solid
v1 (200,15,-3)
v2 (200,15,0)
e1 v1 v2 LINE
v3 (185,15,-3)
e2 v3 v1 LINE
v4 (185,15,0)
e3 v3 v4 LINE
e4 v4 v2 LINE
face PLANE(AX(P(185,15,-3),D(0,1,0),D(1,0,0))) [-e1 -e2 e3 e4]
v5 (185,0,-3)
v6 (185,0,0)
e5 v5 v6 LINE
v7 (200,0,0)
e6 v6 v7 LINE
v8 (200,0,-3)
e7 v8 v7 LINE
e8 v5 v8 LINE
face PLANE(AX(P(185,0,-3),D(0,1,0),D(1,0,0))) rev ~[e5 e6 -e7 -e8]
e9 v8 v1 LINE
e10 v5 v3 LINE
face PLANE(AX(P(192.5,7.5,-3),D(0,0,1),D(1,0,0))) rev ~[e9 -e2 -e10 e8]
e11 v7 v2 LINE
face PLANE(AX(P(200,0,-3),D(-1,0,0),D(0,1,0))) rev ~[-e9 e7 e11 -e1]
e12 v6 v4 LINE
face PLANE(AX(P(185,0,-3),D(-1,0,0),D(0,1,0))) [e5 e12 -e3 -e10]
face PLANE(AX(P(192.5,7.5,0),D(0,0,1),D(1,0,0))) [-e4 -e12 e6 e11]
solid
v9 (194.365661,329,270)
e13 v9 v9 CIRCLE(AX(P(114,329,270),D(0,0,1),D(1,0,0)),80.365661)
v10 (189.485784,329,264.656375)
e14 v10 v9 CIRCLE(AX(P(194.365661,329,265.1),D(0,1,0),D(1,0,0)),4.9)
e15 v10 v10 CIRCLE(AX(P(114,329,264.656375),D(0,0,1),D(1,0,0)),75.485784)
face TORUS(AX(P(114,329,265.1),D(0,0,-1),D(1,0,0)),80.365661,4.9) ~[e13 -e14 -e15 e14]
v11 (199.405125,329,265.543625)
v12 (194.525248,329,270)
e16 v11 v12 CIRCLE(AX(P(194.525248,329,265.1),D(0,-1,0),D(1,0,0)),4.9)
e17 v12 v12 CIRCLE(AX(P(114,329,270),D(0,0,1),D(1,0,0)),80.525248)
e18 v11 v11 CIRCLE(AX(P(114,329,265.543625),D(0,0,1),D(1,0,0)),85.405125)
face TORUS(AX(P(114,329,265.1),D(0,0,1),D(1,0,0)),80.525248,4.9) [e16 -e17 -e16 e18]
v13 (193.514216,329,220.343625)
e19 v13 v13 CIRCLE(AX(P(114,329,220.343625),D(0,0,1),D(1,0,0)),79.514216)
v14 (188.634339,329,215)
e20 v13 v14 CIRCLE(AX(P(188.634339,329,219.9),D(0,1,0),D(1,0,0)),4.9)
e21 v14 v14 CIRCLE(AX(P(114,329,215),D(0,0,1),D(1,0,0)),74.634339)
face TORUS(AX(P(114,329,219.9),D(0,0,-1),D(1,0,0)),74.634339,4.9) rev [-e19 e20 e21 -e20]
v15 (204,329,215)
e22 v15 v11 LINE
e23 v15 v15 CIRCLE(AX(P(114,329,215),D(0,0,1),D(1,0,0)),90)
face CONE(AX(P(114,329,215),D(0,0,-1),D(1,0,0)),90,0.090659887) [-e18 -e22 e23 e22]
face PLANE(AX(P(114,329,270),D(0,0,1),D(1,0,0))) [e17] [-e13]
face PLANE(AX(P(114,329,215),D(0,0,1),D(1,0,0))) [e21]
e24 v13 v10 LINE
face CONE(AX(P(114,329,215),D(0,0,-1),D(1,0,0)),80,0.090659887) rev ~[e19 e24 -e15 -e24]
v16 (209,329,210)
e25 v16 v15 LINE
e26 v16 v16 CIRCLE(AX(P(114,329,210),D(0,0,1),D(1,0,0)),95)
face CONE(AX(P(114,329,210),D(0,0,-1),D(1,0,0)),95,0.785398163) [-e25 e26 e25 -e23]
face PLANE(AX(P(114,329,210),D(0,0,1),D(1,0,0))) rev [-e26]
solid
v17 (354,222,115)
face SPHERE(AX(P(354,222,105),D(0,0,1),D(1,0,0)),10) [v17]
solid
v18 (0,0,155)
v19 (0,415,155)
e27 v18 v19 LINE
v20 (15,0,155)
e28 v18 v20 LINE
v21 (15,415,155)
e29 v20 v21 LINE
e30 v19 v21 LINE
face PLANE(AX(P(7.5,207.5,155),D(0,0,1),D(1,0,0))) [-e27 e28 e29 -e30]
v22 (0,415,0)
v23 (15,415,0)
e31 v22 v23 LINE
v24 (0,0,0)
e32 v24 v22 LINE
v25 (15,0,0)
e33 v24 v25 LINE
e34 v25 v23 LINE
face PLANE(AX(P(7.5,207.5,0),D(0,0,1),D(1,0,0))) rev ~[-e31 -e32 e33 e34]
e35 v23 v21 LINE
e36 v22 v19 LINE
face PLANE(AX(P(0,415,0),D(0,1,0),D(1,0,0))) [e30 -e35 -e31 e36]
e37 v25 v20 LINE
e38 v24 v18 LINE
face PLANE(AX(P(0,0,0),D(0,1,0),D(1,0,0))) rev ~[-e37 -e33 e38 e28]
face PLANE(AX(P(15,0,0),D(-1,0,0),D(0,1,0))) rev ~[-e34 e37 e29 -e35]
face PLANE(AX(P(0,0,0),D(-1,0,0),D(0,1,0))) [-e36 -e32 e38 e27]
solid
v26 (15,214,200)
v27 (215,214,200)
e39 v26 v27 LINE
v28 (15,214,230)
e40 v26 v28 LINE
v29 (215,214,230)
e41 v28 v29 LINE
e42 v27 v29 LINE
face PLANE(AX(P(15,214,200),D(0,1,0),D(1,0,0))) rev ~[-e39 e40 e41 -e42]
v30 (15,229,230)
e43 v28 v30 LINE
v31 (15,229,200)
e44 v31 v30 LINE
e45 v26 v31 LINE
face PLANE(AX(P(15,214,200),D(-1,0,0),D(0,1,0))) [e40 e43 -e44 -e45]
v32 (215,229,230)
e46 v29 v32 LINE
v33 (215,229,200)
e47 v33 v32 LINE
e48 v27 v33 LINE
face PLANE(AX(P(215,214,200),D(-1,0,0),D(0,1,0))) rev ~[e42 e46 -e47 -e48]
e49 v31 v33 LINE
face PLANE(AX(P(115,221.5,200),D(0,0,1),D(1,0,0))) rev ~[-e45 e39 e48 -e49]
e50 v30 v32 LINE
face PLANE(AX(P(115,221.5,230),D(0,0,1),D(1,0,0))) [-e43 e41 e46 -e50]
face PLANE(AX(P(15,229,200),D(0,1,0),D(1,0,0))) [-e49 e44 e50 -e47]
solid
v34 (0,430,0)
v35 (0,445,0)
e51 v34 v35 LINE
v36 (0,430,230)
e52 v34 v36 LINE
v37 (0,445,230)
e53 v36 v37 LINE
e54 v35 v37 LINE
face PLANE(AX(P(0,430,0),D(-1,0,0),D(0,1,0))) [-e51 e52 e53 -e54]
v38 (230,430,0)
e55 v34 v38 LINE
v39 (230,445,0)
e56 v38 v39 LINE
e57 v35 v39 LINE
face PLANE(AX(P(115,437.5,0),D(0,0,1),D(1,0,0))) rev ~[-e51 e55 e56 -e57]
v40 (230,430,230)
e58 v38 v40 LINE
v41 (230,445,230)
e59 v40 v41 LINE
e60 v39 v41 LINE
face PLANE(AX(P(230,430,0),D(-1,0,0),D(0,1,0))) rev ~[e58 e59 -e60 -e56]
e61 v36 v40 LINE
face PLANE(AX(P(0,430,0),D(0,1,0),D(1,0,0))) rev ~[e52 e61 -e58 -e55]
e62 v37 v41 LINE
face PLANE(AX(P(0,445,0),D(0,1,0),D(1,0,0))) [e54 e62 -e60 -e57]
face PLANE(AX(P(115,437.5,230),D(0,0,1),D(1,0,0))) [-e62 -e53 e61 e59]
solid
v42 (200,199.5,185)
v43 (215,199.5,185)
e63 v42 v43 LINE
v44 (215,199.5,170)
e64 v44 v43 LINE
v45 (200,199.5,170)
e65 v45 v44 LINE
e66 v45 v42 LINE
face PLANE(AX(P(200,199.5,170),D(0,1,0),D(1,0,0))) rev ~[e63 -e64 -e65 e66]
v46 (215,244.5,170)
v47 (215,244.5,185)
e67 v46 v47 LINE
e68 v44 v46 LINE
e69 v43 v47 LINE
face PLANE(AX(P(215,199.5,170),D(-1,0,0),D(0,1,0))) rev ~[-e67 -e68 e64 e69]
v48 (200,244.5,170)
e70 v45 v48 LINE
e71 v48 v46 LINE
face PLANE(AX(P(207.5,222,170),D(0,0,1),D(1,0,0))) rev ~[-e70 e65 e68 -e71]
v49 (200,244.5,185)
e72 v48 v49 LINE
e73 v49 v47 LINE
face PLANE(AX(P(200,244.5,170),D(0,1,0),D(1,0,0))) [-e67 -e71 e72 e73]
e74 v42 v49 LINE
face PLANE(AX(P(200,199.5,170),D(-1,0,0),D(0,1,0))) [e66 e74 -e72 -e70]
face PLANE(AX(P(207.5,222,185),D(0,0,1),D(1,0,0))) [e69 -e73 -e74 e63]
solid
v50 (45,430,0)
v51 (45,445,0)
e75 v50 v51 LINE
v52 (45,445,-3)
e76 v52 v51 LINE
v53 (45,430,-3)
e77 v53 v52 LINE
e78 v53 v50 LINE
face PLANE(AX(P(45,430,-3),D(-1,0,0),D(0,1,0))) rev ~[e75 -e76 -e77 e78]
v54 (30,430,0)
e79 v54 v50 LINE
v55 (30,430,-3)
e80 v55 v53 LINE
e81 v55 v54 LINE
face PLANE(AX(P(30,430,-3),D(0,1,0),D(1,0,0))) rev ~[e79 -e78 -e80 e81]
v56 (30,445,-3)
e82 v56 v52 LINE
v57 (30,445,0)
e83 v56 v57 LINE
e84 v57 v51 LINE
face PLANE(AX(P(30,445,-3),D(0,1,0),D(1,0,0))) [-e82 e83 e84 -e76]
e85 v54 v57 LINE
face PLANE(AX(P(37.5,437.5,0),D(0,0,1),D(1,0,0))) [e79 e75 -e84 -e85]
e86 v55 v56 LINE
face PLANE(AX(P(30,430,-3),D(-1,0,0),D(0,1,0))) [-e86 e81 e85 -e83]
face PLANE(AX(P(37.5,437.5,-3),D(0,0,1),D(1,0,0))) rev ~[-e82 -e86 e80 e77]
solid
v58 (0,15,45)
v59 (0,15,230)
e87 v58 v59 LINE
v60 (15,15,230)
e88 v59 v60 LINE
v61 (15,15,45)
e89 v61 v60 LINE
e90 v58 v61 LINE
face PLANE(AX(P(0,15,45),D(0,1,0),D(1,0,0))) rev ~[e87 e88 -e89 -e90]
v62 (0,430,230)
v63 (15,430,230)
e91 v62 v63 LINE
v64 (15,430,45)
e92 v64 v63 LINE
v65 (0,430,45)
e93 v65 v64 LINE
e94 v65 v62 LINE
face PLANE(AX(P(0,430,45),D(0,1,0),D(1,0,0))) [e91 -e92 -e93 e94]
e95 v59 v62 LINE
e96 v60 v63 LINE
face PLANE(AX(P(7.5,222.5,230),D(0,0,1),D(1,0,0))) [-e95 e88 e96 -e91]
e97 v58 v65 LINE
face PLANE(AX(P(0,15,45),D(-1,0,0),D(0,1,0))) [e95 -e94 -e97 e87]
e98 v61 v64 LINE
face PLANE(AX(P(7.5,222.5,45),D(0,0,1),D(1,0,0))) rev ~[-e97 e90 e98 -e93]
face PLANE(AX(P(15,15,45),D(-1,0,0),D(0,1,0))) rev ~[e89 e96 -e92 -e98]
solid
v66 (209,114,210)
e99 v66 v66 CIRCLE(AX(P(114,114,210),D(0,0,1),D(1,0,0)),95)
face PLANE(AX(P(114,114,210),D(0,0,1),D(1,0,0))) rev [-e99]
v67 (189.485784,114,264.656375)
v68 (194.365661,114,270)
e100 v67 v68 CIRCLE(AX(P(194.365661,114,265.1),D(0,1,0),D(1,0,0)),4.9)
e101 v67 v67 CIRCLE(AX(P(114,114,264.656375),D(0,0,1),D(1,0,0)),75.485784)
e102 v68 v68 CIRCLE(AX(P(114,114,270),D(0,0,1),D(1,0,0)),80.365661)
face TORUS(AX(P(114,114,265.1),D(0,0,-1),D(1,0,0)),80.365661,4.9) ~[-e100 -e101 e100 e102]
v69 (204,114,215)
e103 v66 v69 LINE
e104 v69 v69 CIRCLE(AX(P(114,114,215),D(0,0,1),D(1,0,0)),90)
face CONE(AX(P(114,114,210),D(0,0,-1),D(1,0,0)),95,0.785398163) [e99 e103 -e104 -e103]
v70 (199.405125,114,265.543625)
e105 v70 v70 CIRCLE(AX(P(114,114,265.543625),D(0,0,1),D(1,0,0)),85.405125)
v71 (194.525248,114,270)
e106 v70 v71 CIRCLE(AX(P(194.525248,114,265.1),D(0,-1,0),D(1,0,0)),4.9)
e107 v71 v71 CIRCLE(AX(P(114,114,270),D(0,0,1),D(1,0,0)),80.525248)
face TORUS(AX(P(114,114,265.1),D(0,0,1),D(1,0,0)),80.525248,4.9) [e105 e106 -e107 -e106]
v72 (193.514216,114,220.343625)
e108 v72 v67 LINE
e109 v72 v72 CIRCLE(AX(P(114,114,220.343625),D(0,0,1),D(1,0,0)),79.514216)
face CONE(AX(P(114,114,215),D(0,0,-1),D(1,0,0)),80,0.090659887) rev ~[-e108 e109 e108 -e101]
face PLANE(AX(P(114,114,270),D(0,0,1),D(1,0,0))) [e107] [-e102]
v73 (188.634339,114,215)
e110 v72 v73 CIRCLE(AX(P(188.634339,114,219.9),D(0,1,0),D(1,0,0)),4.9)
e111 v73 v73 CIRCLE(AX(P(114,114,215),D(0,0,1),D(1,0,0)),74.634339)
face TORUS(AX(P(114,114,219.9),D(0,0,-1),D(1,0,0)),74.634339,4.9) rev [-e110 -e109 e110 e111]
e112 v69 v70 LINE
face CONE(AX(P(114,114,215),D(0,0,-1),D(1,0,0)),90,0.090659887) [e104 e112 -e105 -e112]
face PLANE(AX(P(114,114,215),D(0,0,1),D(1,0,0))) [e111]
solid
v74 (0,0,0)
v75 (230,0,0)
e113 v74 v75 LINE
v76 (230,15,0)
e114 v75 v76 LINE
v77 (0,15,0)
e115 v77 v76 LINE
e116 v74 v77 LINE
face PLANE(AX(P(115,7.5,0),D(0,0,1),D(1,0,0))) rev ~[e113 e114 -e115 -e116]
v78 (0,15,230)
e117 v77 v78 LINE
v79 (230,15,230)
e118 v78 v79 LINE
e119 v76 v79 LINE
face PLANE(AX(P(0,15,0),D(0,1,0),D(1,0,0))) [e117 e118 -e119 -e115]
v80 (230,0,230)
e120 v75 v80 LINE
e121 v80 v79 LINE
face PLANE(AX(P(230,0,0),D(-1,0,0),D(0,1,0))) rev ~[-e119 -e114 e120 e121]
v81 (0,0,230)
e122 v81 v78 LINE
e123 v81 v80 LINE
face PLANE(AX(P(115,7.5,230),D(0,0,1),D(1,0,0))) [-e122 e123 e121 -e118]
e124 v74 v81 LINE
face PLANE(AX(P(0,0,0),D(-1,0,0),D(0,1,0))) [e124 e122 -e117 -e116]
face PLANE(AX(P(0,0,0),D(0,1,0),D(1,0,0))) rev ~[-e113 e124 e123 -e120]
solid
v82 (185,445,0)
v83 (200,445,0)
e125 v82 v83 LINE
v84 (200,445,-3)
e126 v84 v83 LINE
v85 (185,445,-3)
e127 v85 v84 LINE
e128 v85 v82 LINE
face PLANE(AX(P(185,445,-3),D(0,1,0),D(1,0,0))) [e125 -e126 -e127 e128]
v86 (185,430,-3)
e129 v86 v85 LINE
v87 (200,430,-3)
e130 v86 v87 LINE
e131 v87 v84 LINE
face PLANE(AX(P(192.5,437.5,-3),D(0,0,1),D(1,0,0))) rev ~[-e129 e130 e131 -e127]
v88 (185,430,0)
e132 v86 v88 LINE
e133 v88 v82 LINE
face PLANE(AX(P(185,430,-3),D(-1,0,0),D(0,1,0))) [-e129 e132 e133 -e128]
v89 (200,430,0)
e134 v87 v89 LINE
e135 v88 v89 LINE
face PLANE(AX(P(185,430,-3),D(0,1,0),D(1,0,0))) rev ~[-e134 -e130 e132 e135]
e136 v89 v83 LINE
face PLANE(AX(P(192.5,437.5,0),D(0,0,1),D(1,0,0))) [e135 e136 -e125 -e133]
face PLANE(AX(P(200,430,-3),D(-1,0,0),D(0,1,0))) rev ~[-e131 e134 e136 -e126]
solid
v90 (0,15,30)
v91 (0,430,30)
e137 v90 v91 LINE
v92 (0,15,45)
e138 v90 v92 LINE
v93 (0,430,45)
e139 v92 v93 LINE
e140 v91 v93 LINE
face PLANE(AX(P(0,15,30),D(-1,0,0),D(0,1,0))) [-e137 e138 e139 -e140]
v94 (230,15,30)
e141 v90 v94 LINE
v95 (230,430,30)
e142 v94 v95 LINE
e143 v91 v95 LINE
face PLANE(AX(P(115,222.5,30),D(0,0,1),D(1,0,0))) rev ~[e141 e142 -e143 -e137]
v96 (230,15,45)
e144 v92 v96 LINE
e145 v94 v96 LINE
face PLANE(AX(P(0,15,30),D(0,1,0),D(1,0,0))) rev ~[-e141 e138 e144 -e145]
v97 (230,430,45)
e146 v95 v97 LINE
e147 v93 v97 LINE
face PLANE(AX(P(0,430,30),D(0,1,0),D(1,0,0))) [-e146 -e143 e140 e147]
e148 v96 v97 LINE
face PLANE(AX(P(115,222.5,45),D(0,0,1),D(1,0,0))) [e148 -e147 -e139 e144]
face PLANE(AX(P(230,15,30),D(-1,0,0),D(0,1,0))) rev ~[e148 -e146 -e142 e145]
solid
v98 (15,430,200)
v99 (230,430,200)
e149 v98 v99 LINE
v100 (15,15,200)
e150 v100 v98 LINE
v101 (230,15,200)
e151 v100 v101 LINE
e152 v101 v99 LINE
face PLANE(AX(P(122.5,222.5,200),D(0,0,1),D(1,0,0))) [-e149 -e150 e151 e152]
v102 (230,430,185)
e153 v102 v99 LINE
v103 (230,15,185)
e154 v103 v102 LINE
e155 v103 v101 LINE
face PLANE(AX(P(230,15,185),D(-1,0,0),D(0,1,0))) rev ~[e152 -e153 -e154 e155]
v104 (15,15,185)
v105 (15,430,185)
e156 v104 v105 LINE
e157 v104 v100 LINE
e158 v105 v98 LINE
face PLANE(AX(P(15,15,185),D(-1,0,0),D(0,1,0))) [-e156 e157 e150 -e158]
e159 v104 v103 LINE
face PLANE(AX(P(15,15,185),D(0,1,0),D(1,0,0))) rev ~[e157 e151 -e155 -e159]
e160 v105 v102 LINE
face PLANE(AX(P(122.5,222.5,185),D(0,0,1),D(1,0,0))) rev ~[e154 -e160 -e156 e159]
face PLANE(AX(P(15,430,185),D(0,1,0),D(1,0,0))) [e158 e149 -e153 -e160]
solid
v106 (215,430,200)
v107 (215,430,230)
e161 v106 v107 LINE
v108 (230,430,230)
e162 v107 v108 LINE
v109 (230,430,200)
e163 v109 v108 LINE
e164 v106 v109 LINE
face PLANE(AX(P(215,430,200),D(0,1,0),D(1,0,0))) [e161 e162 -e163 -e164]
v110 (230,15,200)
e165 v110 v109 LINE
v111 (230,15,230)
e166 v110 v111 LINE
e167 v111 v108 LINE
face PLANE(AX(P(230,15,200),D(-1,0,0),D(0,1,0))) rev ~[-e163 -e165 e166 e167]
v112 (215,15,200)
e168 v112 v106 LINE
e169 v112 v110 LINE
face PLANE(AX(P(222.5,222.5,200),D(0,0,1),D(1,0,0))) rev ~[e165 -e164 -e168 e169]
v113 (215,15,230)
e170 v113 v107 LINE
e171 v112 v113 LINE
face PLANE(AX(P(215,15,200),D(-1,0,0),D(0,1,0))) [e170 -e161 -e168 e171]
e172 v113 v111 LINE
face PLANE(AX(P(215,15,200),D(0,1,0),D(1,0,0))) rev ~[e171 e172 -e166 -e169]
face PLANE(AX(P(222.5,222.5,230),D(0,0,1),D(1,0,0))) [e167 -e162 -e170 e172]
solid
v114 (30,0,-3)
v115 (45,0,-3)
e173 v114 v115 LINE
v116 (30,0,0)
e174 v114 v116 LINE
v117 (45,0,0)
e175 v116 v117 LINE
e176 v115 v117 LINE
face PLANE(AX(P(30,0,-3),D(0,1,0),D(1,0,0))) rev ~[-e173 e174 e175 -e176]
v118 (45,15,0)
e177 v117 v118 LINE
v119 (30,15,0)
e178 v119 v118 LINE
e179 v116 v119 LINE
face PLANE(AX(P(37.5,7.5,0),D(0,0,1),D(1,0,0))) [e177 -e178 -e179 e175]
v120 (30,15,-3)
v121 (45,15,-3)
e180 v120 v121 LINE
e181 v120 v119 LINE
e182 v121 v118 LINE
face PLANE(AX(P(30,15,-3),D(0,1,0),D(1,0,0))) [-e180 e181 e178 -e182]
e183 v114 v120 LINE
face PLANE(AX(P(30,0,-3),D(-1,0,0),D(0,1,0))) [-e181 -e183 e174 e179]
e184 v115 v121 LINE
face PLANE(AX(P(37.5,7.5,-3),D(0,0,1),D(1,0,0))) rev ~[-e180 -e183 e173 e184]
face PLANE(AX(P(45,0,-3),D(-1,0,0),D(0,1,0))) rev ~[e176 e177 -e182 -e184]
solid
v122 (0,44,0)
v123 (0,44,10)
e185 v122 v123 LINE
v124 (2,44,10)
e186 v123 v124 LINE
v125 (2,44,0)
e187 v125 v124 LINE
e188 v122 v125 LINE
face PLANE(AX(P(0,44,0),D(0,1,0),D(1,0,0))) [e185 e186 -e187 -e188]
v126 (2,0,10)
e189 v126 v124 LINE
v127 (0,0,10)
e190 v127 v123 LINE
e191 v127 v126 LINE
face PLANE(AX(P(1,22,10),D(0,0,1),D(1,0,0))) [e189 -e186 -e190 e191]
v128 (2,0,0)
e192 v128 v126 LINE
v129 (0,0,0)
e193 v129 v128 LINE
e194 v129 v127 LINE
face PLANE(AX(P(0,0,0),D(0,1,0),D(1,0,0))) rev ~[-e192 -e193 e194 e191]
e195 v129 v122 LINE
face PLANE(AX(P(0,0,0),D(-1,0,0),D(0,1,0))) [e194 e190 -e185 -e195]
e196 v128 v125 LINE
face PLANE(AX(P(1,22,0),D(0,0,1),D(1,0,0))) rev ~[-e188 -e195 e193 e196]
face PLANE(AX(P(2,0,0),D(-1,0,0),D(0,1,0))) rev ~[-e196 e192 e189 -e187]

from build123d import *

# Parameters (mm, degrees)
BOX_W              = 230
BOX_H              = 15
BOX_DEPTH          = 230
BOX001_W           = 215
BOX001_H           = 415
BOX001_DEPTH       = 15
BOX002_W           = 230
BOX002_H           = 15
BOX002_DEPTH       = 230
BOX003_W           = 200
BOX003_H           = 15
BOX003_DEPTH       = 30
BOX005_W           = 15
BOX005_H           = 415
BOX005_DEPTH       = 30
BOX006_W           = 15
BOX006_H           = 415
BOX006_DEPTH       = 185
BOX007_W           = 230
BOX007_H           = 415
BOX007_DEPTH       = 15
BOX008_W           = 15
BOX008_H           = 415
BOX008_DEPTH       = 155
BOX008_PITCH_ANGLE = 60
BOX010_W           = 15
BOX010_H           = 45
BOX010_DEPTH       = 15
BOX011_W           = 2
BOX011_H           = 44
BOX011_DEPTH       = 10
BOX011_PITCH_ANGLE = 60
FILLET_R           = 4.9
FILLET002_R        = 4.9
FILLET001_R        = 4.9
FILLET003_R        = 4.9
BOX012_W           = 15
BOX012_H           = 15
BOX012_DEPTH       = 3
BOX013_W           = 15
BOX013_H           = 15
BOX013_DEPTH       = 3
BOX014_W           = 15
BOX014_H           = 15
BOX014_DEPTH       = 3
BOX015_W           = 15
BOX015_H           = 15
BOX015_DEPTH       = 3


with BuildPart() as suportelateralverticalesquerdo:
    # Box → Box (new body)
    with BuildSketch(Plane.XY):
        with Locations((115, 7.5)):
            Rectangle(BOX_W, BOX_H)
    extrude(amount=BOX_DEPTH)


with BuildPart() as tamposuperiorhorizontal:
    # Box001 → Box001 (new body)
    with BuildSketch(Plane(origin=(15, 15, 185), x_dir=(1, 0, 0), z_dir=(0, 0, 1))):
        with Locations((107.5, 207.5)):
            Rectangle(BOX001_W, BOX001_H)
    extrude(amount=BOX001_DEPTH)


with BuildPart() as suportelateralverticaldireito:
    # Box002 → Box002 (new body)
    with BuildSketch(Plane(origin=(0, 430, 0), x_dir=(1, 0, 0), z_dir=(0, 0, 1))):
        with Locations((115, 7.5)):
            Rectangle(BOX002_W, BOX002_H)
    extrude(amount=BOX002_DEPTH)


with BuildPart() as suporteverticalmeio:
    # Box003 → Box003 (new body)
    with BuildSketch(Plane(origin=(15, 214, 200), x_dir=(1, 0, 0), z_dir=(0, 0, 1))):
        with Locations((100, 7.5)):
            Rectangle(BOX003_W, BOX003_H)
    extrude(amount=BOX003_DEPTH)


with BuildPart() as suportefrentesuperiorvertical:
    # Box005 → Box005 (new body)
    with BuildSketch(Plane(origin=(215, 15, 200), x_dir=(1, 0, 0), z_dir=(0, 0, 1))):
        with Locations((7.5, 207.5)):
            Rectangle(BOX005_W, BOX005_H)
    extrude(amount=BOX005_DEPTH)


with BuildPart() as suportefundoinferiorvertical:
    # Box006 → Box006 (new body)
    with BuildSketch(Plane(origin=(0, 15, 45), x_dir=(1, 0, 0), z_dir=(0, 0, 1))):
        with Locations((7.5, 207.5)):
            Rectangle(BOX006_W, BOX006_H)
    extrude(amount=BOX006_DEPTH)


with BuildPart() as tampoinferiorhorizontal:
    # Box007 → Box007 (new body)
    with BuildSketch(Plane(origin=(0, 15, 30), x_dir=(1, 0, 0), z_dir=(0, 0, 1))):
        with Locations((115, 207.5)):
            Rectangle(BOX007_W, BOX007_H)
    extrude(amount=BOX007_DEPTH)


with BuildPart() as tampabasculante:
    # Box008 → Box008 (new body)
    with BuildSketch(Plane.XY):
        with Locations((7.5, 207.5)):
            Rectangle(BOX008_W, BOX008_H)
    extrude(amount=BOX008_DEPTH)


with BuildPart() as tampabasculante_1:
    # Box008 pitch: moved
    add(tampabasculante.part.rotate(Axis((0, 0, 0), (0, 1, 0)), BOX008_PITCH_ANGLE))


with BuildPart() as tampabasculante_2:
    # Box008 placement: moved
    add(tampabasculante_1.part.moved(Location((222.5, 15, 58))))


with BuildPart() as imadamesa_superiorhorizontal:
    # Box010 → Box010 (new body)
    with BuildSketch(Plane(origin=(200, 199.5, 170), x_dir=(1, 0, 0), z_dir=(0, 0, 1))):
        with Locations((7.5, 22.5)):
            Rectangle(BOX010_W, BOX010_H)
    extrude(amount=BOX010_DEPTH)


with BuildPart() as chapadoima:
    # Box011 → Box011 (new body)
    with BuildSketch(Plane.XY):
        with Locations((1, 22)):
            Rectangle(BOX011_W, BOX011_H)
    extrude(amount=BOX011_DEPTH)


with BuildPart() as chapadoima_1:
    # Box011 pitch: moved
    add(chapadoima.part.rotate(Axis((0, 0, 0), (0, 1, 0)), BOX011_PITCH_ANGLE))


with BuildPart() as chapadoima_2:
    # Box011 placement: moved
    add(chapadoima_1.part.moved(Location((347, 199.5, 132))))


with BuildPart() as puxador:
    # Sphere → Sphere (revolve)
    with BuildSketch(Plane(origin=(354, 222, 105), x_dir=(1, 0, 0), z_dir=(0, -1, 0))):
        with BuildLine():
            ThreePointArc((0, -10), (10, 0), (0, 10))
            Line((0, 10), (0, -10))
        make_face()
    revolve(axis=Axis((354, 222, 105), (0, 0, 1)))


with BuildPart() as cone002:
    # Cone002 → Cone002 (revolve)
    with BuildSketch(Plane(origin=(114, 114, 405), x_dir=(1, 0, 0), z_dir=(0, -1, 0))):
        Polygon((0, 0), (80, 0), (75, 55), (0, 55), align=None)
    revolve(axis=Axis((114, 114, 405), (0, 0, 1)))


with BuildPart() as fillet_body:
    # Cone001 → Cone001 (revolve)
    with BuildSketch(Plane(origin=(114, 114, 405), x_dir=(1, 0, 0), z_dir=(0, -1, 0))):
        Polygon((0, 0), (90, 0), (85, 55), (0, 55), align=None)
    revolve(axis=Axis((114, 114, 405), (0, 0, 1)))

    # Cut: cut Cone002
    add(cone002.part, mode=Mode.SUBTRACT)

    # Fillet
    fillet_edges = [fillet_body.edges().sort_by_distance(p)[0] for p in [
        (29, 114, 460),
        (39, 114, 460),
    ]]
    fillet(fillet_edges, radius=FILLET_R)


with BuildPart() as comedouroagua:
    # Cone → Cone (revolve)
    with BuildSketch(Plane(origin=(114, 114, 400), x_dir=(1, 0, 0), z_dir=(0, -1, 0))):
        Polygon((0, 0), (95, 0), (90, 5), (0, 5), align=None)
    revolve(axis=Axis((114, 114, 400), (0, 0, 1)))

    # Fusion: union Fillet body
    add(fillet_body.part)


with BuildPart() as comedouroagua_1:
    # Fusion placement: moved
    add(comedouroagua.part.moved(Location((0, 0, -190))))

    # Fillet002
    fillet002_edges = [comedouroagua_1.edges().sort_by_distance(p)[0] for p in [
        (34, 114, 215),
    ]]
    fillet(fillet002_edges, radius=FILLET002_R)


with BuildPart() as cone004:
    # Cone004 → Cone004 (revolve)
    with BuildSketch(Plane(origin=(114, 114, 405), x_dir=(1, 0, 0), z_dir=(0, -1, 0))):
        Polygon((0, 0), (80, 0), (75, 55), (0, 55), align=None)
    revolve(axis=Axis((114, 114, 405), (0, 0, 1)))


with BuildPart() as fillet001:
    # Cone005 → Cone005 (revolve)
    with BuildSketch(Plane(origin=(114, 114, 405), x_dir=(1, 0, 0), z_dir=(0, -1, 0))):
        Polygon((0, 0), (90, 0), (85, 55), (0, 55), align=None)
    revolve(axis=Axis((114, 114, 405), (0, 0, 1)))

    # Cut001: cut Cone004
    add(cone004.part, mode=Mode.SUBTRACT)

    # Fillet001
    fillet001_edges = [fillet001.edges().sort_by_distance(p)[0] for p in [
        (29, 114, 460),
        (39, 114, 460),
    ]]
    fillet(fillet001_edges, radius=FILLET001_R)


with BuildPart() as comedouroracao:
    # Cone003 → Cone003 (revolve)
    with BuildSketch(Plane(origin=(114, 114, 400), x_dir=(1, 0, 0), z_dir=(0, -1, 0))):
        Polygon((0, 0), (95, 0), (90, 5), (0, 5), align=None)
    revolve(axis=Axis((114, 114, 400), (0, 0, 1)))

    # Fusion001: union Fillet001
    add(fillet001.part)


with BuildPart() as comedouroracao_1:
    # Fusion001 placement: moved
    add(comedouroracao.part.moved(Location((0, 215, -190))))

    # Fillet003
    fillet003_edges = [comedouroracao_1.edges().sort_by_distance(p)[0] for p in [
        (34, 329, 215),
    ]]
    fillet(fillet003_edges, radius=FILLET003_R)


with BuildPart() as cube:
    # Box012 → Box012 (new body)
    with BuildSketch(Plane(origin=(30, 0, -3), x_dir=(1, 0, 0), z_dir=(0, 0, 1))):
        with Locations((7.5, 7.5)):
            Rectangle(BOX012_W, BOX012_H)
    extrude(amount=BOX012_DEPTH)


with BuildPart() as cube001:
    # Box013 → Box013 (new body)
    with BuildSketch(Plane(origin=(185, 0, -3), x_dir=(1, 0, 0), z_dir=(0, 0, 1))):
        with Locations((7.5, 7.5)):
            Rectangle(BOX013_W, BOX013_H)
    extrude(amount=BOX013_DEPTH)


with BuildPart() as cube002:
    # Box014 → Box014 (new body)
    with BuildSketch(Plane(origin=(30, 430, -3), x_dir=(1, 0, 0), z_dir=(0, 0, 1))):
        with Locations((7.5, 7.5)):
            Rectangle(BOX014_W, BOX014_H)
    extrude(amount=BOX014_DEPTH)


with BuildPart() as cube003:
    # Box015 → Box015 (new body)
    with BuildSketch(Plane(origin=(185, 430, -3), x_dir=(1, 0, 0), z_dir=(0, 0, 1))):
        with Locations((7.5, 7.5)):
            Rectangle(BOX015_W, BOX015_H)
    extrude(amount=BOX015_DEPTH)


solid = Compound([suportelateralverticalesquerdo.part, tamposuperiorhorizontal.part, suportelateralverticaldireito.part, suporteverticalmeio.part, suportefrentesuperiorvertical.part, suportefundoinferiorvertical.part, tampoinferiorhorizontal.part, tampabasculante_2.part, imadamesa_superiorhorizontal.part, chapadoima_2.part, puxador.part, comedouroagua_1.part, comedouroracao_1.part, cube.part, cube001.part, cube002.part, cube003.part])
